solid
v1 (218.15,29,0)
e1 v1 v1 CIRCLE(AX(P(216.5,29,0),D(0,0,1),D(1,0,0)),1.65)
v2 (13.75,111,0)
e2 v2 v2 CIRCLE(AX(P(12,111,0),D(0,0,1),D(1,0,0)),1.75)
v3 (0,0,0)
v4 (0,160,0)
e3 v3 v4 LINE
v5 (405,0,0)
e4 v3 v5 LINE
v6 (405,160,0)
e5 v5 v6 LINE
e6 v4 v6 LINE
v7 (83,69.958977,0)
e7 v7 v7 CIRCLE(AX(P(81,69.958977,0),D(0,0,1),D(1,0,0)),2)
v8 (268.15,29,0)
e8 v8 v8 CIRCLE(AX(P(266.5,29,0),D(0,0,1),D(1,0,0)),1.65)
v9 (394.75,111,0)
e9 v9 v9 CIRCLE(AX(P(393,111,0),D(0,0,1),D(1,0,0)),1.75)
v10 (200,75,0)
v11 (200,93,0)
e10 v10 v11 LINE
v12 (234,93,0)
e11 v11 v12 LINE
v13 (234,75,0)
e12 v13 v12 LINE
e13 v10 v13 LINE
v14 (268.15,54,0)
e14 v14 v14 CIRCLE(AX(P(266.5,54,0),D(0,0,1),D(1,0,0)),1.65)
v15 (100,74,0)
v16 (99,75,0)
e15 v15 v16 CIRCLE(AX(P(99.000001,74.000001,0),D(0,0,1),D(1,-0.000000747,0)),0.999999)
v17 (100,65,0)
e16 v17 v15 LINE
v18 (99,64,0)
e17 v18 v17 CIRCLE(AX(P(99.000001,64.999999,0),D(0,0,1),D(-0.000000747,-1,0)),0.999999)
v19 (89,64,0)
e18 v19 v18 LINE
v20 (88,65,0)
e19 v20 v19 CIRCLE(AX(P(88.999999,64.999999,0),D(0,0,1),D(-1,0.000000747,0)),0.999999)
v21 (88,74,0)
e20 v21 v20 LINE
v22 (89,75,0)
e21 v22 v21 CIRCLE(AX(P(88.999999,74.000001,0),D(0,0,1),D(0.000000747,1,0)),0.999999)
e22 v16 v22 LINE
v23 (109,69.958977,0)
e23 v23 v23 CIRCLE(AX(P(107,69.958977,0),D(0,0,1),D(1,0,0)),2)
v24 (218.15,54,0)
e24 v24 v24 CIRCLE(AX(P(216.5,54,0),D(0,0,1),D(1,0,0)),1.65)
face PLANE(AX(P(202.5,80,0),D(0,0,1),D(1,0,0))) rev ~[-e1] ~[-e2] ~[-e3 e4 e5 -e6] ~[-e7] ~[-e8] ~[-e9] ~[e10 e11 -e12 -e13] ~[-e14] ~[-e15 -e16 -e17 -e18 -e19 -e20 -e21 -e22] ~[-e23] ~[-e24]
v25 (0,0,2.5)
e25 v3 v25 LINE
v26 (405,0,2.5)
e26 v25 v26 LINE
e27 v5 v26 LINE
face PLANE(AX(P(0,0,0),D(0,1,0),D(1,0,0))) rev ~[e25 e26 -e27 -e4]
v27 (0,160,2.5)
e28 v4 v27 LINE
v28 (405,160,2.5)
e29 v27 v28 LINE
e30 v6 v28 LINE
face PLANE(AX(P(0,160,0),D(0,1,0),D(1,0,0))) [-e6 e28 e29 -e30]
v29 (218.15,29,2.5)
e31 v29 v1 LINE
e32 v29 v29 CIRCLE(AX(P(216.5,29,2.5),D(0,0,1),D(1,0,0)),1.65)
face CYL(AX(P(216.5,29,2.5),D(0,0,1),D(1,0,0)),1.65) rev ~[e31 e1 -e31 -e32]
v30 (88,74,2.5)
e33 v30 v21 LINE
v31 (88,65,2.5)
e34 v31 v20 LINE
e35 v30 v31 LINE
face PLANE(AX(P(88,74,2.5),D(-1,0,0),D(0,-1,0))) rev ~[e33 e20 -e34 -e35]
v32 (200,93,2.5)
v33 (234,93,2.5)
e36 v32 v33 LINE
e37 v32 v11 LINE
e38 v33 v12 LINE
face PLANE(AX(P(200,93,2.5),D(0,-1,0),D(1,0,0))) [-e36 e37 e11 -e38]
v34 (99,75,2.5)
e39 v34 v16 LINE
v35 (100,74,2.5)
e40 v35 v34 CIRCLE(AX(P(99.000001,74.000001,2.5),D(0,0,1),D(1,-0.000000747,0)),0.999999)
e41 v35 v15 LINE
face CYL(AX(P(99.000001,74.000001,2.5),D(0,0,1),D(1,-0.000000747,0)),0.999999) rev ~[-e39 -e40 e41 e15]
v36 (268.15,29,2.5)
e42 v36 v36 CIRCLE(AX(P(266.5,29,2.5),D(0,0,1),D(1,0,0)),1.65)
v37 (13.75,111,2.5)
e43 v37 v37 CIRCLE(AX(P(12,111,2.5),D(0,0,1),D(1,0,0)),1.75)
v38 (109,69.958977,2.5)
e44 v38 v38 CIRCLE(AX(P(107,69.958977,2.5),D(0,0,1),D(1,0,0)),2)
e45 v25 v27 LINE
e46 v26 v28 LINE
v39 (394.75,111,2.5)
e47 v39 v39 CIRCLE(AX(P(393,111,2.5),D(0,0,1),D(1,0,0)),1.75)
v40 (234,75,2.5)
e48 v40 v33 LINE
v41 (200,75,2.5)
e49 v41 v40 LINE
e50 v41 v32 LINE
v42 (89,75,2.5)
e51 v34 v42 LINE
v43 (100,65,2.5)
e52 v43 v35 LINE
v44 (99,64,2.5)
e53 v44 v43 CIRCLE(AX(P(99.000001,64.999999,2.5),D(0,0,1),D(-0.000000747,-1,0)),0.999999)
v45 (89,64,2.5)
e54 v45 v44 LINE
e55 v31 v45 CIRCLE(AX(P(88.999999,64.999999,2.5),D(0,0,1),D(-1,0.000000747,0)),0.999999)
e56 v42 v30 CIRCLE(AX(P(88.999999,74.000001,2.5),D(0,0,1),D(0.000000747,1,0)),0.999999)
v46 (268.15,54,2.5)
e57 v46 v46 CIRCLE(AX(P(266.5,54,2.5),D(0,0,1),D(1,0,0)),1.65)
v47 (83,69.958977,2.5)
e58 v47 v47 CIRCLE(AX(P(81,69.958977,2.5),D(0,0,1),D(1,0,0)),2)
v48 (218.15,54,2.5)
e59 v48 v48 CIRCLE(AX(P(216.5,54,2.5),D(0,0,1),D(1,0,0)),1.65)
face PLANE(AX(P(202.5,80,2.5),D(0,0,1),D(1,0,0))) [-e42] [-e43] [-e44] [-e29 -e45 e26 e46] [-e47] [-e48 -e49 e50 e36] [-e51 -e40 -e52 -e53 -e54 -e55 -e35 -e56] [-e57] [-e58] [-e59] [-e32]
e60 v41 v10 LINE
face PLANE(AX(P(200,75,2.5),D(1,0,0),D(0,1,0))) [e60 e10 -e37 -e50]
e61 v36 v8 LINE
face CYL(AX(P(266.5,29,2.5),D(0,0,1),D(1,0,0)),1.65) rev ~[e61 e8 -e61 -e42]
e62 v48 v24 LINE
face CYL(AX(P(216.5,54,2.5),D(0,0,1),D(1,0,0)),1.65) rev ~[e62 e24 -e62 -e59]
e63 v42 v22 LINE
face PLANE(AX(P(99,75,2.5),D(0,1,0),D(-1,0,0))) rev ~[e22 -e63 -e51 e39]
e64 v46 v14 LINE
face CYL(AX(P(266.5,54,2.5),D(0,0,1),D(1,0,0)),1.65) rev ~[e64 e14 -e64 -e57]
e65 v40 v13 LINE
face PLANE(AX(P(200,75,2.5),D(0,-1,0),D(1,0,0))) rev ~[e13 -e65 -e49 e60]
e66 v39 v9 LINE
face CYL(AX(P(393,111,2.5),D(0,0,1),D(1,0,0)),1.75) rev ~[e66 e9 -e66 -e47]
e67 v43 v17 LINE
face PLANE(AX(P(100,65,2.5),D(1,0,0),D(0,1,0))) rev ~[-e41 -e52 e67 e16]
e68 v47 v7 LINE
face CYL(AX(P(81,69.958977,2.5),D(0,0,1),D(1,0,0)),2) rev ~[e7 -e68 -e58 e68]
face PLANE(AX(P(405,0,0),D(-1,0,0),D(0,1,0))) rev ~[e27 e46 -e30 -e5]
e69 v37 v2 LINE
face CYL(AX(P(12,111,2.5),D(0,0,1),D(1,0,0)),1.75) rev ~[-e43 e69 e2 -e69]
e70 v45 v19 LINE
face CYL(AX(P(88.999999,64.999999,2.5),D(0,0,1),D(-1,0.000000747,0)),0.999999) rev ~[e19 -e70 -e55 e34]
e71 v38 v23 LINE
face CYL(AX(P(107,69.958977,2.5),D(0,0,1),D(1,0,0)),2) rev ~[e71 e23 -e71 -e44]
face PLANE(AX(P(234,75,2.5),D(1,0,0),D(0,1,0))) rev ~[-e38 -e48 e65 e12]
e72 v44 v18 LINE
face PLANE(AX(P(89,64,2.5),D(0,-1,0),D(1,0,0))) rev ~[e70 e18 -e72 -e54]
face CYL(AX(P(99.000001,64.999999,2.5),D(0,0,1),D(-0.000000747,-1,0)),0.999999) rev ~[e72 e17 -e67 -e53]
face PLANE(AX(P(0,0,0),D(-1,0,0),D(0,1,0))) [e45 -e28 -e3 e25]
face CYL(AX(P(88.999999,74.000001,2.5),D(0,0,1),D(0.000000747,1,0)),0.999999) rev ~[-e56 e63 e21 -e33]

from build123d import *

# Parameters (mm, degrees)
F0_W     = 405
F0_H     = 160
F1_DEPTH = 2.5
F3_R     = 2
F4_DEPTH = 25
F5_W     = 34
F5_H     = 18
F5_R     = 1.65
F6_DEPTH = 25
F2_R     = 1.75
F7_DEPTH = 25


with BuildPart() as f1:
    # F0 (on Top) → F1 (new body)
    with BuildSketch(Plane.XY):
        with Locations((202.5, 80)):
            Rectangle(F0_W, F0_H)
    extrude(amount=F1_DEPTH)

    # F3 (on face) → F4 (cut)
    with BuildSketch(Plane.XY.offset(2.5)):
        with BuildLine():
            Line((99, 75), (89, 75))
            ThreePointArc((89, 75), (88.292893, 74.707107), (88, 74))
            Line((88, 74), (88, 65))
            ThreePointArc((88, 65), (88.292893, 64.292893), (89, 64))
            Line((89, 64), (99, 64))
            ThreePointArc((99, 64), (99.707107, 64.292893), (100, 65))
            Line((100, 65), (100, 74))
            ThreePointArc((100, 74), (99.707107, 74.707107), (99, 75))
        make_face()
        with Locations((81, 69.958977)):
            Circle(F3_R)
        with Locations((107, 69.958977)):
            Circle(F3_R)
    extrude(amount=-F4_DEPTH, mode=Mode.SUBTRACT)

    # F5 (on face) → F6 (cut)
    with BuildSketch(Plane.XY.offset(2.5)):
        with Locations((217, 84)):
            Rectangle(F5_W, F5_H)
        with Locations((216.5, 54)):
            Circle(F5_R)
        with Locations((266.5, 54)):
            Circle(F5_R)
        with Locations((266.5, 29)):
            Circle(F5_R)
        with Locations((216.5, 29)):
            Circle(F5_R)
    extrude(amount=-F6_DEPTH, mode=Mode.SUBTRACT)

    # F2 (on face) → F7 (cut)
    with BuildSketch(Plane.XY.offset(2.5)):
        with Locations((12, 111)):
            Circle(F2_R)
        with Locations((393, 111)):
            Circle(F2_R)
    extrude(amount=-F7_DEPTH, mode=Mode.SUBTRACT)


solid = f1.part
